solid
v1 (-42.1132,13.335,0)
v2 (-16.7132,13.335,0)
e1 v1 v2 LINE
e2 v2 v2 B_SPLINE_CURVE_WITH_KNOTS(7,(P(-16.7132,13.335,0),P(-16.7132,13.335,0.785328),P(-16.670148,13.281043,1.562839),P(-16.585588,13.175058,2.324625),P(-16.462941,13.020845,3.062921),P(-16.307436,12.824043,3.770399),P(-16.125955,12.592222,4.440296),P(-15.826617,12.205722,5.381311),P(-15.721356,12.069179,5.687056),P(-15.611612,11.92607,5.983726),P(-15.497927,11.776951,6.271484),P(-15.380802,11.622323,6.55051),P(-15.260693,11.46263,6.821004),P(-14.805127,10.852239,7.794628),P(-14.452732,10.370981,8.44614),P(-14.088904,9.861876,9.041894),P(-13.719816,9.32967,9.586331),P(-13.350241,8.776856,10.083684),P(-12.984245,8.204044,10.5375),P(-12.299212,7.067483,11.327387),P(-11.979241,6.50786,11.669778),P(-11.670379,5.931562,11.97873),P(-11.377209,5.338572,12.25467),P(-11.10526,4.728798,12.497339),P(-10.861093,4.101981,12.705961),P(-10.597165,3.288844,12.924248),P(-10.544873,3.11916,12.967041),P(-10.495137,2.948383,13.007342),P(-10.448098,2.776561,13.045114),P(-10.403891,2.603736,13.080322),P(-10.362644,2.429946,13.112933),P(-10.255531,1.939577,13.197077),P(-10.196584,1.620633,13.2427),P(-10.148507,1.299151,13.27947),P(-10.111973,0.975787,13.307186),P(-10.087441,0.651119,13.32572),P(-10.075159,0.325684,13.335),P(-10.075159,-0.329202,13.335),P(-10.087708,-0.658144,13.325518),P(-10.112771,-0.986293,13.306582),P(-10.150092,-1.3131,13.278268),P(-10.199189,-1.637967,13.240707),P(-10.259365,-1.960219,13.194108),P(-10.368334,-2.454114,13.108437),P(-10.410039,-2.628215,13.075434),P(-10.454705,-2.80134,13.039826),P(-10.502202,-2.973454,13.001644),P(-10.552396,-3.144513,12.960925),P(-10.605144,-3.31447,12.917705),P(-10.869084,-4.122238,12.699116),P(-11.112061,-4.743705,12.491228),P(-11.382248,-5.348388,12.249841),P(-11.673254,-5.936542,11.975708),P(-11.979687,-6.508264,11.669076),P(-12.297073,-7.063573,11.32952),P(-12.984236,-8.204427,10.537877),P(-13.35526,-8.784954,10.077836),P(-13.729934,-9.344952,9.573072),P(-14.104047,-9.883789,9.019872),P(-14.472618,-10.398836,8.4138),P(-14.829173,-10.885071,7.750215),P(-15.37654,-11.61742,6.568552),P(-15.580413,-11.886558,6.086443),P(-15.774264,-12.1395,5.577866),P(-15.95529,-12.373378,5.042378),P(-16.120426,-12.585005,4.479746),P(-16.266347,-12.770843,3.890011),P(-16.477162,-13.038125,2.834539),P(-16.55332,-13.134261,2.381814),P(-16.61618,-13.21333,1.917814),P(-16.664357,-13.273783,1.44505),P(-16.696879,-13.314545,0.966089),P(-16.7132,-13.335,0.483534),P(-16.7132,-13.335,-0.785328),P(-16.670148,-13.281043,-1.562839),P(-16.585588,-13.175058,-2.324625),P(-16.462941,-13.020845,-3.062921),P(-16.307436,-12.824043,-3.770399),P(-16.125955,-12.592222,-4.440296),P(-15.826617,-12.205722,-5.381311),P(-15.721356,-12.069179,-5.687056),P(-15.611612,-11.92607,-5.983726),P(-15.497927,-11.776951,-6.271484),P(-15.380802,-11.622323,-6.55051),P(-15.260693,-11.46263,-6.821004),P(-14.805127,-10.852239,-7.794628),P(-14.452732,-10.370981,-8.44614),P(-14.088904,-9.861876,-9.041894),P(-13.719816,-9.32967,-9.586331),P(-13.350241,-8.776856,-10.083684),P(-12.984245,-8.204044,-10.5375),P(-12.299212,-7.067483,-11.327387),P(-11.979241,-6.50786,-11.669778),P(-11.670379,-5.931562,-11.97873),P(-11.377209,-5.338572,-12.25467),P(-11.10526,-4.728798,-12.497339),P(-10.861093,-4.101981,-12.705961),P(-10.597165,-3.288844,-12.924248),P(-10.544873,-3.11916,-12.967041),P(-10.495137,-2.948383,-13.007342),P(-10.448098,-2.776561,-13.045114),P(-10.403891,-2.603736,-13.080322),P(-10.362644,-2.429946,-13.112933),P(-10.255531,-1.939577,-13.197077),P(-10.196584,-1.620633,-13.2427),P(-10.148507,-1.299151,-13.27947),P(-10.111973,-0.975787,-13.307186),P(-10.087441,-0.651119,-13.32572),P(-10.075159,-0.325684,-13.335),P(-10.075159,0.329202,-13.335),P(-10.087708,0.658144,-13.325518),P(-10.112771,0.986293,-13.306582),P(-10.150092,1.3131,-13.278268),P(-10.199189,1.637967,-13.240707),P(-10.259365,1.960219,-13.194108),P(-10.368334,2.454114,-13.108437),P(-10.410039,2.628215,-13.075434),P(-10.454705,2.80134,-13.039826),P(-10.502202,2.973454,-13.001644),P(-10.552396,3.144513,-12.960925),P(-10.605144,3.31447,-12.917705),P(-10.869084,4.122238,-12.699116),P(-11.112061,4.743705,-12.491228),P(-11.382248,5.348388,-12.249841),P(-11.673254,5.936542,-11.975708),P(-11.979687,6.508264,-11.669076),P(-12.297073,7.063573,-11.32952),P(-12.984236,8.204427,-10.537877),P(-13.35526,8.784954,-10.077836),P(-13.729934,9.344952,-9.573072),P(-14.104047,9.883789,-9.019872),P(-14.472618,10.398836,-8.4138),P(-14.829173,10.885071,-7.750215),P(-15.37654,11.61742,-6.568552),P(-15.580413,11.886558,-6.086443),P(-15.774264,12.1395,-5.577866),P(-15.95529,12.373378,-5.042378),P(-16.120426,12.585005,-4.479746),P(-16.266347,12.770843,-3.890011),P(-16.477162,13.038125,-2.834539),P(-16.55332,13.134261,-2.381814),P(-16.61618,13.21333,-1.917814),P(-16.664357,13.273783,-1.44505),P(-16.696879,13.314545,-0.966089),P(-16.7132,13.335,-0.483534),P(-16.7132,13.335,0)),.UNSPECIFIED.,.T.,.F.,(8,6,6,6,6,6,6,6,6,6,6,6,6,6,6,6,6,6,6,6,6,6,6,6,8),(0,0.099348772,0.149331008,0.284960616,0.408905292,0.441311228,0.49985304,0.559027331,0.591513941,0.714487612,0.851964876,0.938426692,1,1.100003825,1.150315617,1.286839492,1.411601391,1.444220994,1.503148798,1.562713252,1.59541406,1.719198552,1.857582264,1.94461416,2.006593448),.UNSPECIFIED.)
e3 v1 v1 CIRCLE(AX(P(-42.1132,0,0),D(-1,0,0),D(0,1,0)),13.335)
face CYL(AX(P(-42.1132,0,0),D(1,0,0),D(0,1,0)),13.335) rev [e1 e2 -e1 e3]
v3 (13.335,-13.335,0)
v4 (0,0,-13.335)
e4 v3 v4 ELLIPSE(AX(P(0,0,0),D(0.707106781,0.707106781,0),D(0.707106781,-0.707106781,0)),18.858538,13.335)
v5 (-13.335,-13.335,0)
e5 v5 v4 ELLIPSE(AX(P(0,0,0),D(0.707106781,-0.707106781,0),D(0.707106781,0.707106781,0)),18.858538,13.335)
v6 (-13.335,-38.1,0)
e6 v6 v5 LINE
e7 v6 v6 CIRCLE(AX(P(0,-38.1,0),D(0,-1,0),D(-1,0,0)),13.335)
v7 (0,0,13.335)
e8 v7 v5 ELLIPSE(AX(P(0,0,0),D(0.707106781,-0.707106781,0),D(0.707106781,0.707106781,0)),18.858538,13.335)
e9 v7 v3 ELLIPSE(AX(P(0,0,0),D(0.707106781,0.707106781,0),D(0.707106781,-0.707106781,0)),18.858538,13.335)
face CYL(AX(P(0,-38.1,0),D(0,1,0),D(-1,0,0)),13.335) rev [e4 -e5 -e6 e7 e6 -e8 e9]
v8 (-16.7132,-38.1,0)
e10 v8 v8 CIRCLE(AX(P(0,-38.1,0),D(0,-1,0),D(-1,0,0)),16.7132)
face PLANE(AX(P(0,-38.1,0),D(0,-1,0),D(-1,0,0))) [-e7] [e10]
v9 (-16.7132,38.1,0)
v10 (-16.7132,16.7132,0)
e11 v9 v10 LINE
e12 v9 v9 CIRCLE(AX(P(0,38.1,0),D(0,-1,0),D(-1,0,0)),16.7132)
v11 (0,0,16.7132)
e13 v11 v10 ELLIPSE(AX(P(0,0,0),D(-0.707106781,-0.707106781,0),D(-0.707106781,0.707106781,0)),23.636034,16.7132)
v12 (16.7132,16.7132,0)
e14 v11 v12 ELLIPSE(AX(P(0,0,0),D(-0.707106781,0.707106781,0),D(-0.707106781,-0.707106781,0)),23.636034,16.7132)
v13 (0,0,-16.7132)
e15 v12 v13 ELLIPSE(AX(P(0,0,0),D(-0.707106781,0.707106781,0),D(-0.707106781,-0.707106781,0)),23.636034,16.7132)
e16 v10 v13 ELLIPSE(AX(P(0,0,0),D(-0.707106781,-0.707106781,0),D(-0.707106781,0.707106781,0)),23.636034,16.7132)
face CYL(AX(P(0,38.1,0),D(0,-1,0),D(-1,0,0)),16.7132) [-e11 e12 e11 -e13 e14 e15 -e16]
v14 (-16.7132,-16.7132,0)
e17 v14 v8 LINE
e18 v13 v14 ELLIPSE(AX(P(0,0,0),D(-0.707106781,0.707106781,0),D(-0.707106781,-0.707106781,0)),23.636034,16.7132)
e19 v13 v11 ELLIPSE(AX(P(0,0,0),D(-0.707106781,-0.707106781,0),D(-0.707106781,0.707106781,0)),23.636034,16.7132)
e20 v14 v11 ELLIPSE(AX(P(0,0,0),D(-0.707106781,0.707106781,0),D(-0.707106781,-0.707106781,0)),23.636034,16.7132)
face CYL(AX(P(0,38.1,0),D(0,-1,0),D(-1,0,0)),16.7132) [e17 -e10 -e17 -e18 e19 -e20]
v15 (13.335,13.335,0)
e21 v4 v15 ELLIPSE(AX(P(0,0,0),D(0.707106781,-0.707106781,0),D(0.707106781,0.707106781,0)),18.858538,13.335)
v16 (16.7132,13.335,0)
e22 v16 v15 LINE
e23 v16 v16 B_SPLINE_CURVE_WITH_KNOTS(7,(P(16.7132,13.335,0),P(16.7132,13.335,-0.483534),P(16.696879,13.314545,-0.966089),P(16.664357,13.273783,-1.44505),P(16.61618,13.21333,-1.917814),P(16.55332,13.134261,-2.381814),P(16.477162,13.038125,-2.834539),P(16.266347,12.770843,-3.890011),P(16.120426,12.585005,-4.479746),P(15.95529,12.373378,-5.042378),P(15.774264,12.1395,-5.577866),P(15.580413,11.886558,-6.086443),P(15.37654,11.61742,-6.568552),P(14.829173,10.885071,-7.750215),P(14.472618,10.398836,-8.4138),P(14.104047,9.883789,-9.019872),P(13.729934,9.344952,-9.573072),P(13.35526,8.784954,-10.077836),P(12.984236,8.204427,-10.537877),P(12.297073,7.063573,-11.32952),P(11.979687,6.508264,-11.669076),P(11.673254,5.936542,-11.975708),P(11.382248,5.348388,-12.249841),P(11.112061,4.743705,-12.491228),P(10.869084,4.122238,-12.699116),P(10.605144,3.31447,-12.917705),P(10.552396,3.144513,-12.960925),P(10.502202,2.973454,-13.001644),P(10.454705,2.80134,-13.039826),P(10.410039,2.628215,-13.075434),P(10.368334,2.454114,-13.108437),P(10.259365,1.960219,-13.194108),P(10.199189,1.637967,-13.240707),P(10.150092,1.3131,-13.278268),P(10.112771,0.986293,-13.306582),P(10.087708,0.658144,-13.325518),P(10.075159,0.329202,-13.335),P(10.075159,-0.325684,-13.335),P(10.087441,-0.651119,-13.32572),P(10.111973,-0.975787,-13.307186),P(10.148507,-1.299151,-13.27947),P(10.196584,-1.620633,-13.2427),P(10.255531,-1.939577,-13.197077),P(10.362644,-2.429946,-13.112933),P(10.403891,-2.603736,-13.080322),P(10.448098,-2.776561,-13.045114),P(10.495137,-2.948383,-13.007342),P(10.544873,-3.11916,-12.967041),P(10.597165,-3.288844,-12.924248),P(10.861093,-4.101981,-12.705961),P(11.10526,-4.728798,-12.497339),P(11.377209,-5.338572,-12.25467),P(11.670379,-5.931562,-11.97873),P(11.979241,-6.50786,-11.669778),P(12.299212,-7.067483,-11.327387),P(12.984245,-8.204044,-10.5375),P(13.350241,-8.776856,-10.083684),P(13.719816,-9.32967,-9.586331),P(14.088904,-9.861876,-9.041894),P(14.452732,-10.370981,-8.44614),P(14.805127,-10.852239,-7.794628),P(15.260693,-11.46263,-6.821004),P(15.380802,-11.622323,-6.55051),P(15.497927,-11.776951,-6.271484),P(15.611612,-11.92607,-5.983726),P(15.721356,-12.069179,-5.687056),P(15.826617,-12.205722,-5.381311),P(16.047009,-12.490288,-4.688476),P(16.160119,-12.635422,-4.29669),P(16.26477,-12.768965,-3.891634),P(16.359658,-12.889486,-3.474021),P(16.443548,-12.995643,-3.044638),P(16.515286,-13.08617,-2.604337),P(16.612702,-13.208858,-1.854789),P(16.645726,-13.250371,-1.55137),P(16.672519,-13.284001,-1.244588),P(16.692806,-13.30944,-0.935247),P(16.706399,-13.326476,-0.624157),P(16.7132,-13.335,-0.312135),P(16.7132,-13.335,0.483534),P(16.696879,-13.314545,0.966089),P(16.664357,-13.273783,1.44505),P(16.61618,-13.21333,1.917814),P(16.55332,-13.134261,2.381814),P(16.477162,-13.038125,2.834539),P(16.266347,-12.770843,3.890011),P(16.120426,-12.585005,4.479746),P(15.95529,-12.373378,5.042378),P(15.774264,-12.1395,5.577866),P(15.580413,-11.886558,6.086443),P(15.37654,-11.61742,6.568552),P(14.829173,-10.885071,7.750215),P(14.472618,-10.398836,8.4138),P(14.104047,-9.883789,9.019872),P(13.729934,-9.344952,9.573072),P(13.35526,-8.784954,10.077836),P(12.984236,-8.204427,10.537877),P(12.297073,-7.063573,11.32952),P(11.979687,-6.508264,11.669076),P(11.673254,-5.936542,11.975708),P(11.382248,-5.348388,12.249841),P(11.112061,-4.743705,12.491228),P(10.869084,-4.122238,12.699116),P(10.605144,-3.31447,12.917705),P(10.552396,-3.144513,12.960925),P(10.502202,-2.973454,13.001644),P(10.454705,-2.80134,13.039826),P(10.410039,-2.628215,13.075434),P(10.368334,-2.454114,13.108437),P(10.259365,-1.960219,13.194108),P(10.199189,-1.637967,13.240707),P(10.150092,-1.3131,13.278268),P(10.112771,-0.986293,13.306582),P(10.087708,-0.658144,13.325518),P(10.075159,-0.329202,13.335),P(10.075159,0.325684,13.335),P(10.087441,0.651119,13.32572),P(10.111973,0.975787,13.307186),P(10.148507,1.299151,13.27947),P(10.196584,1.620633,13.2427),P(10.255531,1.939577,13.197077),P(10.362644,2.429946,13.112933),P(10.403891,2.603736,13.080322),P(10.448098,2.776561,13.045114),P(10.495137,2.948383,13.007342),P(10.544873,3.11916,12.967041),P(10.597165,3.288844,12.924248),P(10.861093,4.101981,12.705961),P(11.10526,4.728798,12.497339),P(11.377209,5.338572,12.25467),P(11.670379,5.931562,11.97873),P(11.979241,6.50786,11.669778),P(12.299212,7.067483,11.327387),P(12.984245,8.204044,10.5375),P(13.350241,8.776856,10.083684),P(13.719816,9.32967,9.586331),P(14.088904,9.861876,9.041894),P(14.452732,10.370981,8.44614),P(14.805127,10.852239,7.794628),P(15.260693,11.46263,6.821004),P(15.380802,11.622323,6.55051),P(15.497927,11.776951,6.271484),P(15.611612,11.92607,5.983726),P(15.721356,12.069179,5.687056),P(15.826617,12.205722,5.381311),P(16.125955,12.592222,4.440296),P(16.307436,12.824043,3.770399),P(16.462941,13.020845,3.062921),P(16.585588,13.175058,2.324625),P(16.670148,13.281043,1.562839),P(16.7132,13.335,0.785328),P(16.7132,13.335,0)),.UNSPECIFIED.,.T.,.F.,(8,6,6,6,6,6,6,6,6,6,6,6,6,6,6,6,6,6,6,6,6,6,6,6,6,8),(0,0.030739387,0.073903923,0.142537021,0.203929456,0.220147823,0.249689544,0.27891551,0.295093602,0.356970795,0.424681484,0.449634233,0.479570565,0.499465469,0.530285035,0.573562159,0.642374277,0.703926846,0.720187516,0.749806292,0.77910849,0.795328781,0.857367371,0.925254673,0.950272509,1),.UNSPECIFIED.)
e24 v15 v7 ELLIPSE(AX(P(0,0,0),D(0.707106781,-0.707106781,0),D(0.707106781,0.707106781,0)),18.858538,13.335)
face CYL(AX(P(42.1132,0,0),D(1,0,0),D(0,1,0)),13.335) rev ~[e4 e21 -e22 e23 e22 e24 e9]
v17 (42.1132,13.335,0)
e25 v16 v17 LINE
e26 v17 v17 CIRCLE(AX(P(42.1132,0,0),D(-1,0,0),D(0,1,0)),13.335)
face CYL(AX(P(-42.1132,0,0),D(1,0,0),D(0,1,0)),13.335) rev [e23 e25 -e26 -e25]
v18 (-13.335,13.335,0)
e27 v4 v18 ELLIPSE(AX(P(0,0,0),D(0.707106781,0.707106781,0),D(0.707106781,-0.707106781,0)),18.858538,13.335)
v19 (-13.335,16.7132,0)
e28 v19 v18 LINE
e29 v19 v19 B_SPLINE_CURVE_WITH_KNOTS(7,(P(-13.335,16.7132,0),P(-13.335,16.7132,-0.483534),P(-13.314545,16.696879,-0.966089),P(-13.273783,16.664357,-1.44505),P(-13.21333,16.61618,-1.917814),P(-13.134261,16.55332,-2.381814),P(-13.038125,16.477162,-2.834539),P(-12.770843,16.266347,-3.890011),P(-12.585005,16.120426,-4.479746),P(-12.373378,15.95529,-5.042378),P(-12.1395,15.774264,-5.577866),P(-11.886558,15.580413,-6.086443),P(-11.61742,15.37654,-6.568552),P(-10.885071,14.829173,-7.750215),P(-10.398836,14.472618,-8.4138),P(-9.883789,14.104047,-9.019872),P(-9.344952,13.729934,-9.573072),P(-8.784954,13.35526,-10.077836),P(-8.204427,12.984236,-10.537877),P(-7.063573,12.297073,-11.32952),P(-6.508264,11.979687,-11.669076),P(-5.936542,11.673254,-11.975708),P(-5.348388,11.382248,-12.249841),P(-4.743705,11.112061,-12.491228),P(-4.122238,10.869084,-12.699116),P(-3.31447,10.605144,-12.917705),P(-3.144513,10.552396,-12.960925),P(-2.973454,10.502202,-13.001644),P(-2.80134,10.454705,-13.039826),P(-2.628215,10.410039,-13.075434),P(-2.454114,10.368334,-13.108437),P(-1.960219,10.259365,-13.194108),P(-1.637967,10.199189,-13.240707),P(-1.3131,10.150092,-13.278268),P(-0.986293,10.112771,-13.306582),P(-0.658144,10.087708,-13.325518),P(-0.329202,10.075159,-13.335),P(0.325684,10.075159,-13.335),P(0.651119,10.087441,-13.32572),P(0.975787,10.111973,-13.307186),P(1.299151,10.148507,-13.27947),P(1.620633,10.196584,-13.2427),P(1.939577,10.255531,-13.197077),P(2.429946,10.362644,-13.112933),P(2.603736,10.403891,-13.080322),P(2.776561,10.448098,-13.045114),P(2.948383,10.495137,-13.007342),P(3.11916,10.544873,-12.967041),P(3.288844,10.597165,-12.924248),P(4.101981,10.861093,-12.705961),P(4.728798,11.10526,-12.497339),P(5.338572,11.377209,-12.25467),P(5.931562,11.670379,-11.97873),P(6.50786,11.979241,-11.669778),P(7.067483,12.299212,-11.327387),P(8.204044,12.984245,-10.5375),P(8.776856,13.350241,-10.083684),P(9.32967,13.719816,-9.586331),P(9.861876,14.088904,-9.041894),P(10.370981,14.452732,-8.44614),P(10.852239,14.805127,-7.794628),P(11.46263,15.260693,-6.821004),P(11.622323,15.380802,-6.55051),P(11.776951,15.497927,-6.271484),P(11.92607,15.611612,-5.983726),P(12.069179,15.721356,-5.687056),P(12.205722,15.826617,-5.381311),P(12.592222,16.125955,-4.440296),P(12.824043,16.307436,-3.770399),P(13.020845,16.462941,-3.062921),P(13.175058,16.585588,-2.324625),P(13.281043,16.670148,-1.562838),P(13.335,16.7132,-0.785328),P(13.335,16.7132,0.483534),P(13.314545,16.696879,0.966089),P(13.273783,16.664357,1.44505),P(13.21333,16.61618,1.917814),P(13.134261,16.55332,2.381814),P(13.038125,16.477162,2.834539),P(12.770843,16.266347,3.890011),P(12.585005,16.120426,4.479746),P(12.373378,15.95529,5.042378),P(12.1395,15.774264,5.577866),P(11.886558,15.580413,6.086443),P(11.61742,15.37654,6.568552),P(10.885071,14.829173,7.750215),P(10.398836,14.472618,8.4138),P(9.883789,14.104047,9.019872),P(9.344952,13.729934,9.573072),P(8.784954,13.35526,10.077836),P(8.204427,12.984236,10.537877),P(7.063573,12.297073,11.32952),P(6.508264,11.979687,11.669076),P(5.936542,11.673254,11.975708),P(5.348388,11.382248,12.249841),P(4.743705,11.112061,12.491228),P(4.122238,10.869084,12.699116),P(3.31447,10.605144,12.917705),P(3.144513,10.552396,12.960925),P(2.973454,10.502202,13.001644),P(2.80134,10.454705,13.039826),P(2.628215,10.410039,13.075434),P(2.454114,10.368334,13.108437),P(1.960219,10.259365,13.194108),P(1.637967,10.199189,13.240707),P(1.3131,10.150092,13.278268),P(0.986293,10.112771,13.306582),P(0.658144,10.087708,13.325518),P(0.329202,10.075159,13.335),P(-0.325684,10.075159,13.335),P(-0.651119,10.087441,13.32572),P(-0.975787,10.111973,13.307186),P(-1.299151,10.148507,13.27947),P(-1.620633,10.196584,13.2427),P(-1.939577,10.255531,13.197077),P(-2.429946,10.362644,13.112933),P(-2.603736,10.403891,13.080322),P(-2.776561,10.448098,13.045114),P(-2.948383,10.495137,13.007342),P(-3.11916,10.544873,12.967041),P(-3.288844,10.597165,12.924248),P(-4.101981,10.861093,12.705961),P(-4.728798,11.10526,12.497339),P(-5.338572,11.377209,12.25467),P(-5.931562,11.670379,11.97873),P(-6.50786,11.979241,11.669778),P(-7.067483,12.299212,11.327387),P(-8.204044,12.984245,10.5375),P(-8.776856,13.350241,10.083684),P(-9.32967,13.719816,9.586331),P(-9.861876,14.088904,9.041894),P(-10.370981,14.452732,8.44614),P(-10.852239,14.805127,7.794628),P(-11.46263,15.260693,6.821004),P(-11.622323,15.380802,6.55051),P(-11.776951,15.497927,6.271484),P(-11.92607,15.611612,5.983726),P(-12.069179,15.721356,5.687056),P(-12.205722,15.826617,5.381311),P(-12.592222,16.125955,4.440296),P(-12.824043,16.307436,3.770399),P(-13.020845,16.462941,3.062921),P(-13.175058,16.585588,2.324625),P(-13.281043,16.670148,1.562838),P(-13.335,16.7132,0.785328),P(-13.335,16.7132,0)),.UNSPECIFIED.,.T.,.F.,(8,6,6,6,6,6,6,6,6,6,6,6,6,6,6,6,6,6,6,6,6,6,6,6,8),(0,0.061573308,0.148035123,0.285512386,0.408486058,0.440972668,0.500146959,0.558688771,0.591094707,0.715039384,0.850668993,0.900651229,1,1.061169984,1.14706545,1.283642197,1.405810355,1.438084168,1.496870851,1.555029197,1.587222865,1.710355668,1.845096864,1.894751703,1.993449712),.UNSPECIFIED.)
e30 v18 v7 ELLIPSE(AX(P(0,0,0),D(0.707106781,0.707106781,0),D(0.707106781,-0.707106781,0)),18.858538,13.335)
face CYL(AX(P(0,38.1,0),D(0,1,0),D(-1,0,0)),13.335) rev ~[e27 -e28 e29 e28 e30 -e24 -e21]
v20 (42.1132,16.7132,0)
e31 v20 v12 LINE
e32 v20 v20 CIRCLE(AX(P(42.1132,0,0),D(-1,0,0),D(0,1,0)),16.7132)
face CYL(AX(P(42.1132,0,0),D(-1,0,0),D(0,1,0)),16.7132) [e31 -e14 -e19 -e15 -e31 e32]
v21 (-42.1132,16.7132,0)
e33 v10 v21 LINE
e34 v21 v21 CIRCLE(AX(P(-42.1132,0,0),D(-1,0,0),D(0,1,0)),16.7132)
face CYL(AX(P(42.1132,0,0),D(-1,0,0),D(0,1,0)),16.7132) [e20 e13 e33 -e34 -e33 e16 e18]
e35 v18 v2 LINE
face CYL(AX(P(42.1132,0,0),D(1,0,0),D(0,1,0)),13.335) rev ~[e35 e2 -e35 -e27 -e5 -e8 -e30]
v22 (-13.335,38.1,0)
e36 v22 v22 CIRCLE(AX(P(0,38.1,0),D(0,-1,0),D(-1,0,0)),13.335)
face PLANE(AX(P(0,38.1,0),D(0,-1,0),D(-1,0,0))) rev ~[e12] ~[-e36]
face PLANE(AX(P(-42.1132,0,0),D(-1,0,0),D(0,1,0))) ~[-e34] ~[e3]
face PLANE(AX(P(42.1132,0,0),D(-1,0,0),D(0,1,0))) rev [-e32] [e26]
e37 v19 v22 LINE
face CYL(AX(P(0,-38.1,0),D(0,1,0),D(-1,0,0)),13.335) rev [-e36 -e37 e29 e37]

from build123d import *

# Parameters (mm, degrees)
F0_W     = 25.4
F0_H     = 3.3782
F0_W_2   = 3.3782
F0_W_3   = 13.335
F0_H_2   = 21.3868
F0_H_3   = 13.335
F3_R     = 13.335
F4_DEPTH = 84.2274001
F5_R     = 13.335
F6_DEPTH = 76.2010001


with BuildPart() as f1:
    # F0 (on Top) → F1 (revolve)
    with BuildSketch(Plane.XY):
        with Locations((-29.4132, 15.0241)):
            Rectangle(F0_W, F0_H)
        with Locations((-15.0241, 15.0241)):
            Rectangle(F0_W_2, F0_H)
        with Locations((-6.6675, 15.0241)):
            Rectangle(F0_W_3, F0_H)
        Polygon((13.335, 16.7132), (0, 16.7132), (0, 13.335), (3.2870748948, 13.335), (13.335, 13.335), align=None)
        with Locations((15.0241, 15.0241)):
            Rectangle(F0_W_2, F0_H)
        with Locations((29.4132, 15.0241)):
            Rectangle(F0_W, F0_H)
    revolve(axis=Axis((-21.0566, 0, 0), (-1, 0, 0)))

    # F0 (on Top) → F2 (revolve)
    with BuildSketch(Plane.XY):
        with Locations((-15.0241, -27.4066)):
            Rectangle(F0_W_2, F0_H_2)
        with Locations((-15.0241, -15.0241)):
            Rectangle(F0_W_2, F0_H)
        with Locations((-15.0241, -6.6675)):
            Rectangle(F0_W_2, F0_H_3)
        with Locations((-15.0241, 6.6675)):
            Rectangle(F0_W_2, F0_H_3)
        with Locations((-15.0241, 15.0241)):
            Rectangle(F0_W_2, F0_H)
        with Locations((-15.0241, 27.4066)):
            Rectangle(F0_W_2, F0_H_2)
    revolve(axis=Axis((0, 19.05, 0), (0, -1, 0)))

    # F3 (on face) → F4 (cut, through all)
    with BuildSketch(Plane.YZ.offset(42.1132)):
        Circle(F3_R)
    extrude(amount=-F4_DEPTH, mode=Mode.SUBTRACT)

    # F5 (on face) → F6 (cut, through all)
    with BuildSketch(Plane(origin=(0, 38.1, 0), x_dir=(-1, 0, 0), z_dir=(0, 1, 0))):
        Circle(F5_R)
    extrude(amount=-F6_DEPTH, mode=Mode.SUBTRACT)


solid = f1.part
